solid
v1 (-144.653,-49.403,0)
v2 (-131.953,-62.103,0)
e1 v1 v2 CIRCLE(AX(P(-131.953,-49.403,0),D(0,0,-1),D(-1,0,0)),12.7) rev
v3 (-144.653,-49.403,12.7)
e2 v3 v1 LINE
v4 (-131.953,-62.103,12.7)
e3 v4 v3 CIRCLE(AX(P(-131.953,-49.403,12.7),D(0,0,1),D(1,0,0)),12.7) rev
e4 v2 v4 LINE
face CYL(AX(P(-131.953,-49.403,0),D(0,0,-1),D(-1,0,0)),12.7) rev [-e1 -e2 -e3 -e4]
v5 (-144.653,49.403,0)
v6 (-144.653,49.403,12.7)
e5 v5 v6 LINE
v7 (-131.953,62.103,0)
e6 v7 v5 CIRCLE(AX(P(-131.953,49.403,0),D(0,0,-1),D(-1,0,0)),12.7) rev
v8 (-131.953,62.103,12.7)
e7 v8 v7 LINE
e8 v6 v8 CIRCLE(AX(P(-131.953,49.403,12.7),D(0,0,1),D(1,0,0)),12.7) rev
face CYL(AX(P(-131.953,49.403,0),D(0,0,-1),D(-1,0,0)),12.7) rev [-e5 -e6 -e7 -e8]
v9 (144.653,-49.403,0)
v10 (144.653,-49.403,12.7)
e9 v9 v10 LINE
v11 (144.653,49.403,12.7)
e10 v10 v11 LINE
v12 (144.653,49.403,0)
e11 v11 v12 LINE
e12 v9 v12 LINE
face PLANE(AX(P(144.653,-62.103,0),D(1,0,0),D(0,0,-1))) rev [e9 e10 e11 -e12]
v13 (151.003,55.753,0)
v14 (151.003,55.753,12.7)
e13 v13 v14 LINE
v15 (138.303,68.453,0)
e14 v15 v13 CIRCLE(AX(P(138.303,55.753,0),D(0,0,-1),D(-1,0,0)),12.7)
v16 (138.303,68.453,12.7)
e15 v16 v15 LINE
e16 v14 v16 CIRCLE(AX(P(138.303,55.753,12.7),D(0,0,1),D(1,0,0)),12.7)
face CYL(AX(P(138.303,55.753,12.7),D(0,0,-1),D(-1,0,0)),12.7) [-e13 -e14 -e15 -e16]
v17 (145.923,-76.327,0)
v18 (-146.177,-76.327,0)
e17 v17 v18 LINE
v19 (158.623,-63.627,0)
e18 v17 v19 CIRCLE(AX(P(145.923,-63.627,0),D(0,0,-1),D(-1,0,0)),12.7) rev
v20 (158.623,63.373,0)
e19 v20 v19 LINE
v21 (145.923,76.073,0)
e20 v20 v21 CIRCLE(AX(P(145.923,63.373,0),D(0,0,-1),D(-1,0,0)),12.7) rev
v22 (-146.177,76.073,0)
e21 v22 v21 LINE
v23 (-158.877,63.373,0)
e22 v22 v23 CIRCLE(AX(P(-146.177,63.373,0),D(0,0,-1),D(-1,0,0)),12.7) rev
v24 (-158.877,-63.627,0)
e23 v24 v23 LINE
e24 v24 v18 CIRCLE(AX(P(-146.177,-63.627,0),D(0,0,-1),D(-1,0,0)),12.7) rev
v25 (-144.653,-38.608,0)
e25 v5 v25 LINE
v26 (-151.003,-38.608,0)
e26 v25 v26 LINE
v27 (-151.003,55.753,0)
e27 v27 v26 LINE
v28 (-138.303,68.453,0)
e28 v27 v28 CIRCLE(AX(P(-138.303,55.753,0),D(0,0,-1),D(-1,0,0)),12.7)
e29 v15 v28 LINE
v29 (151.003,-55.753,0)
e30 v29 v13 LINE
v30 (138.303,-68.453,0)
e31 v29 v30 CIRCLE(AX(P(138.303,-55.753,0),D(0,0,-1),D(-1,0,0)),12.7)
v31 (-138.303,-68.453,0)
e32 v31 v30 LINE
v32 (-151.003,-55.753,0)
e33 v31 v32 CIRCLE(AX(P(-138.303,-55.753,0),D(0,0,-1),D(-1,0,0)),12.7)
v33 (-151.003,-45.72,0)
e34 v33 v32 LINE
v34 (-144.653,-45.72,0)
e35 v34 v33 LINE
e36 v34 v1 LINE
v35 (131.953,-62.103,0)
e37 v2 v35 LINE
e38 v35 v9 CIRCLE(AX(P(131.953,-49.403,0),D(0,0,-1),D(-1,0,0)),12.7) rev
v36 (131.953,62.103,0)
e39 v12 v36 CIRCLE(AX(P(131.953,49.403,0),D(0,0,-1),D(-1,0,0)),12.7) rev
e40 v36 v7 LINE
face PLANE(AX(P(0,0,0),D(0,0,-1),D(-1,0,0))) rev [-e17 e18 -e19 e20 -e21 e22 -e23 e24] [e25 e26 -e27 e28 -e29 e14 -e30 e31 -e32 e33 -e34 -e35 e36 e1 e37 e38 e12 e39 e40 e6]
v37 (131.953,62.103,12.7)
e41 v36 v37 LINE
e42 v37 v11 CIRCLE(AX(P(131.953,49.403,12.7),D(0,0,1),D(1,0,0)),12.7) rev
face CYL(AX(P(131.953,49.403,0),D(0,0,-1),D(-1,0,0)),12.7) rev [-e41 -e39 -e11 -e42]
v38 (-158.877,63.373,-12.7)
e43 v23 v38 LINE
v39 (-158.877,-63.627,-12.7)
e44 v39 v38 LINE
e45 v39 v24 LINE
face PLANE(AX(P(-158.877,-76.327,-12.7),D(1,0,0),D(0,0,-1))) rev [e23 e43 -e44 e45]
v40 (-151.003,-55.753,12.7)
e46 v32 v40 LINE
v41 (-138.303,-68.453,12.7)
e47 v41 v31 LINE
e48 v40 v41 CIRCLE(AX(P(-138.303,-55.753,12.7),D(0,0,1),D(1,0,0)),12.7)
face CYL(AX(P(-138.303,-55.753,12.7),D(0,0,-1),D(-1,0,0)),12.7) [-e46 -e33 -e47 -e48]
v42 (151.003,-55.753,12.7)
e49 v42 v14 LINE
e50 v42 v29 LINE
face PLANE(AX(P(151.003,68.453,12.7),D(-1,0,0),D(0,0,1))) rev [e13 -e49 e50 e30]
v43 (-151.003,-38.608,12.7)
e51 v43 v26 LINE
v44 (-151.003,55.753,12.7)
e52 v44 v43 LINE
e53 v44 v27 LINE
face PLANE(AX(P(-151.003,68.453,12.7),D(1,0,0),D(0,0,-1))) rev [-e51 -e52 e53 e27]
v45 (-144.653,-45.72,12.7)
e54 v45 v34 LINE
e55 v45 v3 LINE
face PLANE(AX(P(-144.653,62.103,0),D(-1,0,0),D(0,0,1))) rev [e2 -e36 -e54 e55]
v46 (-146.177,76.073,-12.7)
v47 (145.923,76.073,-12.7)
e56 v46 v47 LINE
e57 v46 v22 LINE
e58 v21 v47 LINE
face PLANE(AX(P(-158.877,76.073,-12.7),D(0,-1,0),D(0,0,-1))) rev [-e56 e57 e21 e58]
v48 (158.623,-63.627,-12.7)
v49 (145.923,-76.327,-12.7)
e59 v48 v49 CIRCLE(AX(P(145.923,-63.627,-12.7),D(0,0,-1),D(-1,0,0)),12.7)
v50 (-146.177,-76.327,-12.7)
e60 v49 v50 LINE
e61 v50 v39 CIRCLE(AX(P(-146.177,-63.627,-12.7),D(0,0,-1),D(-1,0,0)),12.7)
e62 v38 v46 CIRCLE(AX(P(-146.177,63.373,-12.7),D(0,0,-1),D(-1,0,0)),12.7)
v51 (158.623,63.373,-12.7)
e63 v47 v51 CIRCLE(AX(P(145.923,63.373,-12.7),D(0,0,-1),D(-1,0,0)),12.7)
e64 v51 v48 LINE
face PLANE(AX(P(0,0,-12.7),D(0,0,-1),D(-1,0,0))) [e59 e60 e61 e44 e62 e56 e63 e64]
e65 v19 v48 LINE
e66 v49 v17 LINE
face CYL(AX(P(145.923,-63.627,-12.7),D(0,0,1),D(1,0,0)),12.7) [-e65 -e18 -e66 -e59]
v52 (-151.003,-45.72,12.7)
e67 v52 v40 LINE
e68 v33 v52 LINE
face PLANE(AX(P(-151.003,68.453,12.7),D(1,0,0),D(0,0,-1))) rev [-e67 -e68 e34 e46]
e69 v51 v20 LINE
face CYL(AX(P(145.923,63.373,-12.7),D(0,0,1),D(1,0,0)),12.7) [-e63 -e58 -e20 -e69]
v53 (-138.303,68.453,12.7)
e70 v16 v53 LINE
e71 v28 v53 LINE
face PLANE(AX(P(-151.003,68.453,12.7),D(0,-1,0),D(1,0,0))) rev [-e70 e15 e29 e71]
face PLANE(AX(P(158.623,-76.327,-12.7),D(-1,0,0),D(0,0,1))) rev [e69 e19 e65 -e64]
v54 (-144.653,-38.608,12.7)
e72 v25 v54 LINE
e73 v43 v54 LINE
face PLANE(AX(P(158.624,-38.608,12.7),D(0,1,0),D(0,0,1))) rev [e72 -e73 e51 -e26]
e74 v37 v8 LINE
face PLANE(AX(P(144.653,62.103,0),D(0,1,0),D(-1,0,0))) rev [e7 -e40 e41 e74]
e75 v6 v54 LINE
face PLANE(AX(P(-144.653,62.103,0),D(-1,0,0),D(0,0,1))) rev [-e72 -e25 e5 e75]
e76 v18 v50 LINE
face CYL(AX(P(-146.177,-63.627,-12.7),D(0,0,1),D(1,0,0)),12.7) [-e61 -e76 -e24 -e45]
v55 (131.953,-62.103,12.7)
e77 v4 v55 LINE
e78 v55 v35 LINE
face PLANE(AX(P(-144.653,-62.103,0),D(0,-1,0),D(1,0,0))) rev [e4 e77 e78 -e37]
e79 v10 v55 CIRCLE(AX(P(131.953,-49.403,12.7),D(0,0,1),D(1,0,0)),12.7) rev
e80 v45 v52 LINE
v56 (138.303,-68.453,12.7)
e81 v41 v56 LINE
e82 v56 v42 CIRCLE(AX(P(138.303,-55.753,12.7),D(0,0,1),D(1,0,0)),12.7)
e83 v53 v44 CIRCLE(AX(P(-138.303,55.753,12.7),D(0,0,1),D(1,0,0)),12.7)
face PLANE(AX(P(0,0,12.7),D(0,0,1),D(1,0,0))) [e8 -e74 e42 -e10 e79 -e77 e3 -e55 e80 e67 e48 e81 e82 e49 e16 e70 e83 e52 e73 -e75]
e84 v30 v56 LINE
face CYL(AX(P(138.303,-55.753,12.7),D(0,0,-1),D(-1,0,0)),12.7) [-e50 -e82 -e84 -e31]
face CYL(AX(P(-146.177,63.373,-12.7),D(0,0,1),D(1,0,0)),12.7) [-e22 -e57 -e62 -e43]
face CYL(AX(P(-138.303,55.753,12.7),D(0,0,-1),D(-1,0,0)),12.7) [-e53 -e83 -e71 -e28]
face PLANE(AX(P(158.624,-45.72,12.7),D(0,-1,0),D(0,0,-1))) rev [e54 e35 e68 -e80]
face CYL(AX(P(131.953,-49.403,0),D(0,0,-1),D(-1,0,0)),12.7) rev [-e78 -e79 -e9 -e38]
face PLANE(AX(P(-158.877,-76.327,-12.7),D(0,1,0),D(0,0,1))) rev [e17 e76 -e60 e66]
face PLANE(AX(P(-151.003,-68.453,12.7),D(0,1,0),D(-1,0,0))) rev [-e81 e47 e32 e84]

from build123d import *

# Parameters (mm, degrees)
SKETCH2_W           = 302.006
SKETCH2_H           = 136.906
BOSS_EXTRUDE1_DEPTH = 12.7
SKETCH3_W           = 317.5
SKETCH3_H           = 152.4
BOSS_EXTRUDE2_DEPTH = 12.7
SKETCH4_W           = 289.306
SKETCH4_H           = 124.206
CUT_EXTRUDE1_DEPTH  = 12.7
CUT_EXTRUDE3_REACH  = 311.626
FILLET1_R           = 12.7


with BuildPart() as part:
    # Sketch2 → Boss-Extrude1 (new body)
    with BuildSketch(Plane.XY):
        Rectangle(SKETCH2_W, SKETCH2_H)
    extrude(amount=BOSS_EXTRUDE1_DEPTH)

    # Sketch3 → Boss-Extrude2 (add)
    with BuildSketch(Plane(origin=(0, 0, 0), x_dir=(-1, 0, 0), z_dir=(0, 0, -1))):
        with Locations((0.127, -0.127)):
            Rectangle(SKETCH3_W, SKETCH3_H)
    extrude(amount=BOSS_EXTRUDE2_DEPTH)

    # Sketch4 → Cut-Extrude1 (cut)
    with BuildSketch(Plane.XY.offset(12.7)):
        Rectangle(SKETCH4_W, SKETCH4_H)
    extrude(amount=-CUT_EXTRUDE1_DEPTH, mode=Mode.SUBTRACT)

    # Sketch5 → Cut-Extrude3 (cut, up to next)
    with BuildSketch(Plane.ZY.offset(151.003), mode=Mode.PRIVATE) as cut_extrude3_sk1:
        with BuildLine():
            Line((12.7, -45.72), (0, -45.72))
            Line((0, -45.72), (0, -38.608))
            Line((0, -38.608), (12.7, -38.608))
            ThreePointArc((12.7, -38.608), (16.256, -42.164), (12.7, -45.72))
        make_face()
    cut_extrude3_tool1 = extrude(cut_extrude3_sk1.sketch, amount=-CUT_EXTRUDE3_REACH, mode=Mode.PRIVATE) & part.part
    add(cut_extrude3_tool1.solids().sort_by_distance((-151.003, -42.164, 7.766768))[0], mode=Mode.SUBTRACT)

    # Fillet1
    fillet1_edges = [part.edges().sort_by_distance(p)[0] for p in [
        (-158.877, -76.327, -6.35),
        (-158.877, 76.073, -6.35),
        (158.623, 76.073, -6.35),
        (158.623, -76.327, -6.35),
        (-144.653, 62.103, 6.35),
        (144.653, 62.103, 6.35),
        (144.653, -62.103, 6.35),
        (-144.653, -62.103, 6.35),
        (-151.003, 68.453, 6.35),
        (151.003, 68.453, 6.35),
        (151.003, -68.453, 6.35),
        (-151.003, -68.453, 6.35),
    ]]
    fillet(fillet1_edges, radius=FILLET1_R)


solid = part.part
